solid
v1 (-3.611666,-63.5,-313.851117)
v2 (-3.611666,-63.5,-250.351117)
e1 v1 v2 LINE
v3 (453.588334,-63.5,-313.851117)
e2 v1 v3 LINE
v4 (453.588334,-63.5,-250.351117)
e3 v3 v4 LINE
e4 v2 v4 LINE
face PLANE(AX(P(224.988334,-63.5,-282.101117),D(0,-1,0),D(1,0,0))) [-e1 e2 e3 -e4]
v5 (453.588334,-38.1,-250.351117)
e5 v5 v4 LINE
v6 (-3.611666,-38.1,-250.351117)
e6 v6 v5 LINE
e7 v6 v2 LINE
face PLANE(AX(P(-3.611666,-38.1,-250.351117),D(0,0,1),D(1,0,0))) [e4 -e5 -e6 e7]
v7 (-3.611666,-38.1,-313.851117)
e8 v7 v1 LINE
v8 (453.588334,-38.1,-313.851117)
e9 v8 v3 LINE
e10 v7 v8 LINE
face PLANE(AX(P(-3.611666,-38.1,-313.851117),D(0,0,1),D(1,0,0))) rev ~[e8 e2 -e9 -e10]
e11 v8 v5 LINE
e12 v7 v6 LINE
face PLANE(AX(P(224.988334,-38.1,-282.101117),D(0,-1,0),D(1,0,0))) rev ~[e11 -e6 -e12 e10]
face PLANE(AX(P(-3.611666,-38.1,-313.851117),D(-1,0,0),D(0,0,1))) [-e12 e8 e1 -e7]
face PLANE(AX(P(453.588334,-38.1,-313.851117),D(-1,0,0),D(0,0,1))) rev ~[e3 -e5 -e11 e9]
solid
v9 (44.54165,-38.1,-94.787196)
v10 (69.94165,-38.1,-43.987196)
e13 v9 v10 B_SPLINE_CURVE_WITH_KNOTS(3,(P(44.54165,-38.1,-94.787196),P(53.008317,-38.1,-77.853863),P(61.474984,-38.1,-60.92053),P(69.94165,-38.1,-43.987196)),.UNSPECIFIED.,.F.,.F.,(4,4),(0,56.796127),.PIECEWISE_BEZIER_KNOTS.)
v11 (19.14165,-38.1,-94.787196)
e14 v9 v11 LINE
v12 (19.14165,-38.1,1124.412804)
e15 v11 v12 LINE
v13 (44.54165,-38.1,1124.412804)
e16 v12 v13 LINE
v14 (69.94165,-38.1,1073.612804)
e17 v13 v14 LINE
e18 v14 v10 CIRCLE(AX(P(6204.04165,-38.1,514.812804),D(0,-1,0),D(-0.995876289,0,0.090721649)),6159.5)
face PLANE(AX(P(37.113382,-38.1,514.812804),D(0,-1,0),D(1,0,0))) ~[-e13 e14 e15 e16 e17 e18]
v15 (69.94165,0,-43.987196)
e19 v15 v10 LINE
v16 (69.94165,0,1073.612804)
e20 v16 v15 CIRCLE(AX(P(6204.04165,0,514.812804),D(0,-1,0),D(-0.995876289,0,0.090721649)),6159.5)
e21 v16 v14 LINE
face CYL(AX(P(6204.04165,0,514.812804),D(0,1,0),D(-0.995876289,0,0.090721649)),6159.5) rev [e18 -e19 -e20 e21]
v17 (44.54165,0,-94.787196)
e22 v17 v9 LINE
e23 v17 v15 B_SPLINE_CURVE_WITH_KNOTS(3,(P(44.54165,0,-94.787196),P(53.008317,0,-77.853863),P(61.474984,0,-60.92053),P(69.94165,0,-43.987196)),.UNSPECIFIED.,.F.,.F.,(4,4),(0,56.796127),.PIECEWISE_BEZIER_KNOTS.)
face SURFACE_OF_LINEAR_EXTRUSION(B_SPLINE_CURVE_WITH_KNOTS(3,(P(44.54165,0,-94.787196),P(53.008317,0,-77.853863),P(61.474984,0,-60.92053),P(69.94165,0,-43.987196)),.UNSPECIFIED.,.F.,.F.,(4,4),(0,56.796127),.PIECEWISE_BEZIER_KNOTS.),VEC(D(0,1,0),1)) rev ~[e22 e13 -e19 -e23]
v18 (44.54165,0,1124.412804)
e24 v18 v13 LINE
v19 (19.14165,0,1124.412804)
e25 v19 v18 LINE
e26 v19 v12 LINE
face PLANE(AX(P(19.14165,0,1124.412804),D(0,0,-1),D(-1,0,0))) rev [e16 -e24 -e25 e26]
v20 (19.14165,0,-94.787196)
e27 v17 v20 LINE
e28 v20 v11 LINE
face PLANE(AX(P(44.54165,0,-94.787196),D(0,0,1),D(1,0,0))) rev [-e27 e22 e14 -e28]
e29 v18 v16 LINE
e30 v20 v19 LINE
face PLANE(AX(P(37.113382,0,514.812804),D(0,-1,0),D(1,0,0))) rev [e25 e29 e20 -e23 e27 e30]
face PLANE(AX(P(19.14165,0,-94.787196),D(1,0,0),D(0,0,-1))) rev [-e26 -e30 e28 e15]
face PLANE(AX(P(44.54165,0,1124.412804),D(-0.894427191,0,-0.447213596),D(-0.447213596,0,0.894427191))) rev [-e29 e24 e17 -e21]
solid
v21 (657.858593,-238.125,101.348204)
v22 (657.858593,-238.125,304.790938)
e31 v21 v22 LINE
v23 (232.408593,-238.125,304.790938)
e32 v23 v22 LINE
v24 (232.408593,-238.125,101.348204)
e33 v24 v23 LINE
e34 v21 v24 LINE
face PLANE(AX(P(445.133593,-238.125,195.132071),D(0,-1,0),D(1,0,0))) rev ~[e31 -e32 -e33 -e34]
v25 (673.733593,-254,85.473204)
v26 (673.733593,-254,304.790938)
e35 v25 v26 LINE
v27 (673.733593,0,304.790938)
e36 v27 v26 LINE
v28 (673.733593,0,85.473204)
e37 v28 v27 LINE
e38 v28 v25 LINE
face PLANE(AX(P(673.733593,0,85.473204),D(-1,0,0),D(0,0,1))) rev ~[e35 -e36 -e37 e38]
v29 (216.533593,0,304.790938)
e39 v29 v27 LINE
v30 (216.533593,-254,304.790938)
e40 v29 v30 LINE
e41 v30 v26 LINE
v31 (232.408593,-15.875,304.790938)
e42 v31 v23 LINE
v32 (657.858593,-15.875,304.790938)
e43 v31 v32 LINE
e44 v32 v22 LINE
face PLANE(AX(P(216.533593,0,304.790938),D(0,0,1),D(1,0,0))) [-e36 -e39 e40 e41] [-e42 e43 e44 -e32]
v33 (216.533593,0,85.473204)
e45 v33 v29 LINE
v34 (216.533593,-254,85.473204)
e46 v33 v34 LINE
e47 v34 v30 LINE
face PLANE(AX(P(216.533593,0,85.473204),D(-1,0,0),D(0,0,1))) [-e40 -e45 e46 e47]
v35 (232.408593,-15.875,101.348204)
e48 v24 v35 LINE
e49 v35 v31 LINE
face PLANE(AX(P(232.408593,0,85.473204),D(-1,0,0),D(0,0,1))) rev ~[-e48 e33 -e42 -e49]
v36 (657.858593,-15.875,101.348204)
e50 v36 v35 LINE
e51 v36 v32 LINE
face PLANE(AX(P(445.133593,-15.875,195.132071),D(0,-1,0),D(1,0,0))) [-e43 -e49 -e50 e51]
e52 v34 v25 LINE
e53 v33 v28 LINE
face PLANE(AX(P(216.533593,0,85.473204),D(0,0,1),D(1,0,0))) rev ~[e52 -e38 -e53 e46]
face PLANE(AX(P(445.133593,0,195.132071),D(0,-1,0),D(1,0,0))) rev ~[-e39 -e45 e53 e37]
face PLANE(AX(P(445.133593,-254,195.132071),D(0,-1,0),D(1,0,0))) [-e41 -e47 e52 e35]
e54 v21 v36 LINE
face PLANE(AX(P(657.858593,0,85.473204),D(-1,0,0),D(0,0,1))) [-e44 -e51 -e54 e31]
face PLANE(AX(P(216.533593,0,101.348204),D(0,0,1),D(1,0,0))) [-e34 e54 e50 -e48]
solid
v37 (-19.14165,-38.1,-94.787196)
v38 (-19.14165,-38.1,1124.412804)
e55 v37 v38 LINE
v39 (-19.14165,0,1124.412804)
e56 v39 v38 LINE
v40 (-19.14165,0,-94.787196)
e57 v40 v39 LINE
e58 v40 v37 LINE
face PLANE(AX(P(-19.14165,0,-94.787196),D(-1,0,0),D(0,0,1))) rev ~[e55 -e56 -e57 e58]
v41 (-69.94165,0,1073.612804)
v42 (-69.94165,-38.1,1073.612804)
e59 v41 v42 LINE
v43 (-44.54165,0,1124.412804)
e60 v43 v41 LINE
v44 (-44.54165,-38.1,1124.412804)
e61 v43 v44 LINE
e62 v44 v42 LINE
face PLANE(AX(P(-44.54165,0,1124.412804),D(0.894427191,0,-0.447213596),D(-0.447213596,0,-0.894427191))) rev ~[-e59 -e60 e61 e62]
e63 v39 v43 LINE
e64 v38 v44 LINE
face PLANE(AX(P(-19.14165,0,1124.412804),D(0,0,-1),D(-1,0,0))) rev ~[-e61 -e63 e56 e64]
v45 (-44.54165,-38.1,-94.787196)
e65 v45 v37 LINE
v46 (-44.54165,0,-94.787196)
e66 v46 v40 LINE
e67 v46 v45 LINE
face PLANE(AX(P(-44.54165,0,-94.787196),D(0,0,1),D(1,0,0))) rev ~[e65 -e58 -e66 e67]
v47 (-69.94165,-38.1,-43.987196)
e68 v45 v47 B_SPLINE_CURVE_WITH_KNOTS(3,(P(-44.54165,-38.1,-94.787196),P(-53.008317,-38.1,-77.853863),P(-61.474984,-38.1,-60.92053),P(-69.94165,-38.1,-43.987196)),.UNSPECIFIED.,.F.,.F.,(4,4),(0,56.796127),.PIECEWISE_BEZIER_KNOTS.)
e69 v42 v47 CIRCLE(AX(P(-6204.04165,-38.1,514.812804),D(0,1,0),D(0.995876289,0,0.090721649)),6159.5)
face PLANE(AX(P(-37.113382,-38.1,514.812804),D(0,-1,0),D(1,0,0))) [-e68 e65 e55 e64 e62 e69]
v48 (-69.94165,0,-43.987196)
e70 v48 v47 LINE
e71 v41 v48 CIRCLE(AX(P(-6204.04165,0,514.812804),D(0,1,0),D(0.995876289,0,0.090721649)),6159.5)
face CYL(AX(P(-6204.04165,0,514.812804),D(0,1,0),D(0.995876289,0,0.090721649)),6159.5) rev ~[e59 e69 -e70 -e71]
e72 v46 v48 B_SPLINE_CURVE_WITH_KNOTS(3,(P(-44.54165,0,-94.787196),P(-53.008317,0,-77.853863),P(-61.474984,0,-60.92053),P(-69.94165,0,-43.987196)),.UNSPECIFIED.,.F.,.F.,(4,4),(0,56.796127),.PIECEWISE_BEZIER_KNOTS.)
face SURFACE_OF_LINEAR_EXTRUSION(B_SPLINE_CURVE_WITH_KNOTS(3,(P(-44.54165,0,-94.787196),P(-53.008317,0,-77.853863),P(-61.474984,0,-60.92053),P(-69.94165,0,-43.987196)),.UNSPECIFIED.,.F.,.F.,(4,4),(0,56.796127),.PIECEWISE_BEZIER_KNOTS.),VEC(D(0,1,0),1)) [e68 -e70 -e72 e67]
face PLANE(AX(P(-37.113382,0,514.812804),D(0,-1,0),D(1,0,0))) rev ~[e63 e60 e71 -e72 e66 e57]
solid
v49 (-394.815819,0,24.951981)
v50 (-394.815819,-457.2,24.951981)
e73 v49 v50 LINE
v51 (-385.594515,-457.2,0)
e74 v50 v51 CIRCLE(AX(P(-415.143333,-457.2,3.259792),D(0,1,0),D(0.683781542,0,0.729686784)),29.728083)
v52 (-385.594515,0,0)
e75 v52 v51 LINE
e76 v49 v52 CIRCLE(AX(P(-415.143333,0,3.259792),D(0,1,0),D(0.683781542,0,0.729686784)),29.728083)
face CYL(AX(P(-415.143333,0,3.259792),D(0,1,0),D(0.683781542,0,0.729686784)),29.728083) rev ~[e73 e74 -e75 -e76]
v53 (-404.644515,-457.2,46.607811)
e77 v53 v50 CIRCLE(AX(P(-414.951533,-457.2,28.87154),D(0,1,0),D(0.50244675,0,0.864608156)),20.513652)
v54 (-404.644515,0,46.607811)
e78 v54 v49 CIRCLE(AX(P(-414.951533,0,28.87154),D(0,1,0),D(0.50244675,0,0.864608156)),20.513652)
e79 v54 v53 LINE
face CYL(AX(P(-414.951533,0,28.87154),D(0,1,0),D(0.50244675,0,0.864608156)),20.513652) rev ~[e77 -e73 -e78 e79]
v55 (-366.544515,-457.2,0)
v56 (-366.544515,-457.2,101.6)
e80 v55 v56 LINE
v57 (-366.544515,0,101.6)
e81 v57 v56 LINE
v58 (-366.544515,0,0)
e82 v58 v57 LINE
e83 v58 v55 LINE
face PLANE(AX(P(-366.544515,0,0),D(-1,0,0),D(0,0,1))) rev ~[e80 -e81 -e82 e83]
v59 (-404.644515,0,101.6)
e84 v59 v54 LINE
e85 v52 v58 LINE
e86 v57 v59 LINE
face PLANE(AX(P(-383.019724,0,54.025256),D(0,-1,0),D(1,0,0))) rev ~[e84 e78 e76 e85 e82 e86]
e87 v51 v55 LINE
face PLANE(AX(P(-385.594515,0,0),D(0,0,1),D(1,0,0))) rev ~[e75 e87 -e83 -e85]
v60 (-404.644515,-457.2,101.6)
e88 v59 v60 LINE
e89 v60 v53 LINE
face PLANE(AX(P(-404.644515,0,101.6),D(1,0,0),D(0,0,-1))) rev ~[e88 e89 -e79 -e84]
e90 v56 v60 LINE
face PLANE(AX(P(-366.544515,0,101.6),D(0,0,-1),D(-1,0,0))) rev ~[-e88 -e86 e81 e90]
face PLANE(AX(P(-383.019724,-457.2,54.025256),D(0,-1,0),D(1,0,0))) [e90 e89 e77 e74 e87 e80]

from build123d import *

# Parameters (mm, degrees)
F1_DEPTH = 38.1
F3_W     = 457.2
F3_H     = 63.5
F4_DEPTH = 25.4
F6_DEPTH = 457.2
F7_W     = 457.2
F7_H     = 219.317734
F8_DEPTH = 254
F9_T     = -15.875


with BuildPart() as f1:
    # F0 (on Front) → F1 (new body)
    with BuildSketch(Plane.XZ):
        with BuildLine():
            Line((-19.14165, 1124.412804), (-44.54165, 1124.412804))
            Line((-44.54165, 1124.412804), (-69.94165, 1073.612804))
            ThreePointArc((-69.94165, 1073.612804), (-44.54165, 514.812804), (-69.94165, -43.987196))
            add(Edge.make_bspline(
                [(-44.54165, -94.787196), (-53.008317, -77.853863), (-61.474984, -60.92053), (-69.94165, -43.987196)],
                knots=[0, 0, 0, 0, 56.796127, 56.796127, 56.796127, 56.796127], degree=3))
            Line((-44.54165, -94.787196), (-19.14165, -94.787196))
            Line((-19.14165, -94.787196), (-19.14165, 1124.412804))
        make_face()
    extrude(amount=F1_DEPTH)


with BuildPart() as f2_1:
    # F2: instance of F1
    add(f1.part.mirror(Plane.YZ))


with BuildPart() as f4:
    # F3 (on face) → F4 (new body)
    with BuildSketch(Plane.XZ.offset(38.1)):
        with Locations((224.988334, -282.101117)):
            Rectangle(F3_W, F3_H)
    extrude(amount=F4_DEPTH)


with BuildPart() as f6:
    # F5 (on Front) → F6 (new body)
    with BuildSketch(Plane.XZ):
        with BuildLine():
            Line((-366.544515, 101.6), (-404.644515, 101.6))
            Line((-404.644515, 101.6), (-404.644515, 46.607811))
            ThreePointArc((-404.644515, 46.607811), (-396.271765, 37.349523), (-394.815819, 24.951981))
            ThreePointArc((-394.815819, 24.951981), (-387.258526, 13.564957), (-385.594515, 0))
            Line((-385.594515, 0), (-366.544515, 0))
            Line((-366.544515, 0), (-366.544515, 101.6))
        make_face()
    extrude(amount=F6_DEPTH)


with BuildPart() as f8:
    # F7 (on Front) → F8 (new body)
    with BuildSketch(Plane.XZ):
        with Locations((445.133593, 195.132071)):
            Rectangle(F7_W, F7_H)
    extrude(amount=F8_DEPTH)

    # F9
    f9_openings = [f8.faces().sort_by_distance(p)[0] for p in [
        (445.133593, -127, 304.790938),
    ]]
    offset(amount=F9_T, openings=f9_openings)


solid = Compound([f1.part, f2_1.part, f4.part, f6.part, f8.part])
